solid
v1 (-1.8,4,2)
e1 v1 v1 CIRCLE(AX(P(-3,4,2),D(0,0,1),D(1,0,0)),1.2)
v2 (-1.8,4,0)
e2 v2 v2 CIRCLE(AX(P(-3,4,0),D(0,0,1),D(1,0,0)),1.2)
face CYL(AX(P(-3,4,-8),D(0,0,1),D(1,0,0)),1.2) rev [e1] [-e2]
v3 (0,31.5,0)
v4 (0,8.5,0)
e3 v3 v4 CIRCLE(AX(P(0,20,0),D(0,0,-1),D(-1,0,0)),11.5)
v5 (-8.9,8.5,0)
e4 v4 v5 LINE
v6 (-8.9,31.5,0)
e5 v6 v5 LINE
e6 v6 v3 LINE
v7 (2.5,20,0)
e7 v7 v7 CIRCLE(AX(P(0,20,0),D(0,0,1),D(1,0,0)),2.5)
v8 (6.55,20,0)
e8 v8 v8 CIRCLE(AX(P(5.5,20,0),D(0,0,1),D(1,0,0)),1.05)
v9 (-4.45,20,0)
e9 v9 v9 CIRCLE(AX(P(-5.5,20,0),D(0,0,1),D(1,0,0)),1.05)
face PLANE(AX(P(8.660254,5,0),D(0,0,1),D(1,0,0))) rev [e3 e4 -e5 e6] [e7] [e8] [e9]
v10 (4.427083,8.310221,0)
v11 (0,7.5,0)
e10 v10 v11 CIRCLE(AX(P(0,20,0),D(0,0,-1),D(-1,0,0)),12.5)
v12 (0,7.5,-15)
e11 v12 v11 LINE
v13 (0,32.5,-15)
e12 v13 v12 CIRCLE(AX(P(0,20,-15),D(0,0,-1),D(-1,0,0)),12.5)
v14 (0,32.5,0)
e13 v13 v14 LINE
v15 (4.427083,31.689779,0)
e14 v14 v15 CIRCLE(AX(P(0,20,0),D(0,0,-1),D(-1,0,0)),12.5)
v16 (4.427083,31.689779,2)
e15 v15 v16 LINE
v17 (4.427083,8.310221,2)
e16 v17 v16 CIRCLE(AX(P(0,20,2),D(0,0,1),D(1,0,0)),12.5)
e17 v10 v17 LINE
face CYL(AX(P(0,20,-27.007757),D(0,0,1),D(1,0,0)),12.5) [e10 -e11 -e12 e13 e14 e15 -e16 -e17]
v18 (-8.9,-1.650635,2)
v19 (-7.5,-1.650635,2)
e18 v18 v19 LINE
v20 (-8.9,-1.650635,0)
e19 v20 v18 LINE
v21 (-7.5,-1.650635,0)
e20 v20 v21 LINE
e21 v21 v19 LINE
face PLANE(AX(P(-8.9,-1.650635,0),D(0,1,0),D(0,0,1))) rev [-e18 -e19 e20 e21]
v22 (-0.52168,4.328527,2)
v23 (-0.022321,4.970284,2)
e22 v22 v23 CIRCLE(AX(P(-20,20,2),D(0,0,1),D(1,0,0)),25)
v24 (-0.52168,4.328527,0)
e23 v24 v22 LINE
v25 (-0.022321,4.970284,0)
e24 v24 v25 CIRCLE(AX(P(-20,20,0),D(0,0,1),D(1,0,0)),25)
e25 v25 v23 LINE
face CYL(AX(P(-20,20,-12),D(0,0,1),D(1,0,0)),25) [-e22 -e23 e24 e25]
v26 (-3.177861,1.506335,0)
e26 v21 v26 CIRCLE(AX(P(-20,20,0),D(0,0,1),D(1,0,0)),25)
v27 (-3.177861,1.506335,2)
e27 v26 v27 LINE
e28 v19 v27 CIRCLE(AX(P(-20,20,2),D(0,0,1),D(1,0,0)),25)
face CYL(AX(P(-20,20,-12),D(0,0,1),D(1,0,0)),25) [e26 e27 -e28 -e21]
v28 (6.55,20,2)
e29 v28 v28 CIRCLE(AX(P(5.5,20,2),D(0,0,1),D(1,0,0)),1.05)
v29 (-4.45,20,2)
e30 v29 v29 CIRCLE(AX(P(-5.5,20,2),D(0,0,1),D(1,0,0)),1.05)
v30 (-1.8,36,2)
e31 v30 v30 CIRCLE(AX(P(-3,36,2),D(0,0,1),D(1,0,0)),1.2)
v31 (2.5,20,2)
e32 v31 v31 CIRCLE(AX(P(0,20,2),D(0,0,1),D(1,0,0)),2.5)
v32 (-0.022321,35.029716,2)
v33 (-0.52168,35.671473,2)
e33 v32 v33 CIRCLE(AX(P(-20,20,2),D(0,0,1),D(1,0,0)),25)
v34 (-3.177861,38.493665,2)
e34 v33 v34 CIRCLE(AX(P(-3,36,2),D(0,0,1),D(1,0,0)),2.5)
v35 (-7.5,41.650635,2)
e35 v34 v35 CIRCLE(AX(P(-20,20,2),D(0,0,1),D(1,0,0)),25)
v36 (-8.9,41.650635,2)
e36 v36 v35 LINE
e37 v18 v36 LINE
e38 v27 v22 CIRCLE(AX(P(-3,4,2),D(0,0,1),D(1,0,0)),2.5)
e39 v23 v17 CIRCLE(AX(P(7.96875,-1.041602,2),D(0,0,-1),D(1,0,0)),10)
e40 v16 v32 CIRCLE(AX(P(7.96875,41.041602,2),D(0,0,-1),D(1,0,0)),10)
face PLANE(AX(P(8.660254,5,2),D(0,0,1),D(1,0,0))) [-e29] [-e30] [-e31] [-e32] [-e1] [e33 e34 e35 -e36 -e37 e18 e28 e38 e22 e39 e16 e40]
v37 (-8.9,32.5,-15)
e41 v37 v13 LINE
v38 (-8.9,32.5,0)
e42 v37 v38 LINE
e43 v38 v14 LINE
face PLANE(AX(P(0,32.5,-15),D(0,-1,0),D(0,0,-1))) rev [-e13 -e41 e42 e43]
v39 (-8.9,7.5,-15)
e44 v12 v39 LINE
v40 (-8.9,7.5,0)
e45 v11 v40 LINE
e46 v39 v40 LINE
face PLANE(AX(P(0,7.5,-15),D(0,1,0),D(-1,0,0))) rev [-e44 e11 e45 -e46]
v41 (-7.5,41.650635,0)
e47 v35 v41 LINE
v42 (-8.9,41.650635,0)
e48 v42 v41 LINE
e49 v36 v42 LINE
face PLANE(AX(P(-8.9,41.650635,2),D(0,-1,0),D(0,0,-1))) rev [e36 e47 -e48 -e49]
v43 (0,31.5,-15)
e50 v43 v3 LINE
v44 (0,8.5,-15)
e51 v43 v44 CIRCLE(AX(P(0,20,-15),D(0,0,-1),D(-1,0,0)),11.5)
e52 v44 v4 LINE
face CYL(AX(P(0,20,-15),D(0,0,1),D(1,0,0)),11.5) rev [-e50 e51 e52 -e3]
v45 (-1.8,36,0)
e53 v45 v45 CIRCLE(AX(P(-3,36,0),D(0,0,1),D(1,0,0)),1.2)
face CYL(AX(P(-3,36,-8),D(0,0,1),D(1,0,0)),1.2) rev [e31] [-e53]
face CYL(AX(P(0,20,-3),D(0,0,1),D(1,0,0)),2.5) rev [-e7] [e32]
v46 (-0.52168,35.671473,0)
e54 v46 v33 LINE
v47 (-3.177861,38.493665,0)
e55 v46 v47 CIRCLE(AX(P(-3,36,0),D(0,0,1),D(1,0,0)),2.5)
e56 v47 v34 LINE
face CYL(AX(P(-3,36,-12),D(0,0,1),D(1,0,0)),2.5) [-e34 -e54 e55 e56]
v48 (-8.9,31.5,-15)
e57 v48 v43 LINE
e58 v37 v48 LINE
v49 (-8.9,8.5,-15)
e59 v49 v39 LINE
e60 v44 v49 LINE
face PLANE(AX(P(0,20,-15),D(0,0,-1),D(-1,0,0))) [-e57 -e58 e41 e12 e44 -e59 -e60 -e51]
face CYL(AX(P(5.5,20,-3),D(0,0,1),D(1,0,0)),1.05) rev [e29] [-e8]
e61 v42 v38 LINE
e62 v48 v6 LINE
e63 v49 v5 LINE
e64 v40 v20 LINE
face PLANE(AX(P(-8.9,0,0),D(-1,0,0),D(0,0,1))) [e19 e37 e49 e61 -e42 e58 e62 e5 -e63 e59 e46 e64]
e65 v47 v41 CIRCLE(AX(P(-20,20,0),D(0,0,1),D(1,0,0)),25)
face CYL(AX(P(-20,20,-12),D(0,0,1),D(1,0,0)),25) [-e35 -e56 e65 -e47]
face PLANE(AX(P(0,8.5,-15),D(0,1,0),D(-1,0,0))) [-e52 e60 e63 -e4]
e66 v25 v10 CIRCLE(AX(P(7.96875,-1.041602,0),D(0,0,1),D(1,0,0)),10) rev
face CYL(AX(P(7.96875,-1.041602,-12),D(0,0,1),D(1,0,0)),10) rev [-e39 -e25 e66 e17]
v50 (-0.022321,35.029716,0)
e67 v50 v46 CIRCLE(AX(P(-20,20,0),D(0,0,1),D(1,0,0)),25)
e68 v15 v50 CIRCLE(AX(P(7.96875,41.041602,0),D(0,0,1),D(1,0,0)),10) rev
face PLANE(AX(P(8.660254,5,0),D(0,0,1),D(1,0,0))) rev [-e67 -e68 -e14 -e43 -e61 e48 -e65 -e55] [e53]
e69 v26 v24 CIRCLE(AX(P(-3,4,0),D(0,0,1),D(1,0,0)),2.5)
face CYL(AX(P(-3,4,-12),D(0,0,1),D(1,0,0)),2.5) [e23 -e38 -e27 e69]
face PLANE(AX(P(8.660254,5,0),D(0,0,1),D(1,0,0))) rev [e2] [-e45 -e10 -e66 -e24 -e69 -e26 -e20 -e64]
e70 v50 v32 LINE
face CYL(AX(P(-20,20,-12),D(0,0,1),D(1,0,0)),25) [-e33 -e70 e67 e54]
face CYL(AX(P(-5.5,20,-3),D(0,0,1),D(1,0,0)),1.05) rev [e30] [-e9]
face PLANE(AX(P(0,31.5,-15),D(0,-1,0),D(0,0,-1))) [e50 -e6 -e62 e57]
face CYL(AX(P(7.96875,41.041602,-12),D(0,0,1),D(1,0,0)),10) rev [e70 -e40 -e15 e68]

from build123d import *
from build123d.topology import SkipClean

# Parameters (mm, degrees)
EXTRUDE_1_DEPTH     = 2
SKETCH_2_R          = 2.5
SKETCH_2_R_2        = 1.05
CUT_EXTRUDE_1_DEPTH = 5
SKETCH_4_R          = 1.1
CUT_EXTRUDE_2_DEPTH = 2
EXTRUDE_START       = -2
EXTRUDE_2_DEPTH     = 2
SKETCH_6_OUTSIDE_W  = 57.136
SKETCH_6_OUTSIDE_H  = 39.994
SKETCH_6_OUTSIDE_R  = 12.5
CUT_EXTRUDE_3_DEPTH = 10
EXTRUDE_3_DEPTH     = 2
SKETCH_8_R          = 1.2
CUT_EXTRUDE_4_DEPTH = 10
SKETCH_9_OUTSIDE_W  = 38.188
SKETCH_9_OUTSIDE_H  = 63.188
CUT_EXTRUDE_5_DEPTH = 14
CUT_EXTRUDE_6_DEPTH = 10
SKETCH_11_W         = 2
SKETCH_11_H         = 43.30127019
EXTRUDE_4_DEPTH     = 1.4
EXTRUDE_1_2_DEPTH   = 15


with BuildPart() as part:
    # 草图1 → Extrude 1 (new body)
    with BuildSketch(Plane.XY):
        with BuildLine():
            ThreePointArc((21.650635095, 12.5), (0, 25), (-21.650635095, 12.5))
            ThreePointArc((-21.650635095, 12.5), (-19.820508076, 5.669872981), (-12.990381057, 7.5))
            ThreePointArc((-12.990381057, 7.5), (0, 15), (12.990381057, 7.5))
            ThreePointArc((12.990381057, 7.5), (19.820508076, 5.669872981), (21.650635095, 12.5))
        make_face()
    extrude(amount=EXTRUDE_1_DEPTH)

    # 草图2 → 切除-拉伸1 (cut)
    with BuildSketch(Plane.XY.offset(2)):
        with Locations((0, 20)):
            Circle(SKETCH_2_R)
        with Locations((-5.5, 20)):
            Circle(SKETCH_2_R_2)
        with Locations((5.5, 20)):
            Circle(SKETCH_2_R_2)
    extrude(amount=-CUT_EXTRUDE_1_DEPTH, mode=Mode.SUBTRACT)

    # 草图4 → 切除-拉伸2 (cut)
    with BuildSketch(Plane.XY.offset(2)):
        with Locations((-17.320508076, 10)):
            Circle(SKETCH_4_R)
        with Locations((17.320508076, 10)):
            Circle(SKETCH_4_R)
    extrude(amount=-CUT_EXTRUDE_2_DEPTH, mode=Mode.SUBTRACT)

    # 草图5 → 凸台-拉伸2 (add)
    with BuildSketch(Plane.XY.offset(2).offset(EXTRUDE_START)):
        with BuildLine():
            ThreePointArc((-9.363273917, 11.71875), (0, 7.5), (9.363273917, 11.71875))
            ThreePointArc((9.363273917, 11.71875), (0, 15), (-9.363273917, 11.71875))
        make_face()
        with BuildLine():
            ThreePointArc((12.381272085, 21.71875), (0, 25), (-12.381272085, 21.71875))
            ThreePointArc((-12.381272085, 21.71875), (0, 32.5), (12.381272085, 21.71875))
        make_face()
    extrude(amount=EXTRUDE_2_DEPTH)

    # 草图6 outside → 切除-拉伸3 (cut)
    with SkipClean():  # the faces are left unmerged after this step: merging them gives an invalid solid
        with BuildSketch(Plane.XY.offset(2)):
            with Locations((0, 18.75)):
                Rectangle(SKETCH_6_OUTSIDE_W, SKETCH_6_OUTSIDE_H)
            with Locations((0, 20)):
                Circle(SKETCH_6_OUTSIDE_R, mode=Mode.SUBTRACT)
        extrude(amount=-CUT_EXTRUDE_3_DEPTH, mode=Mode.SUBTRACT)

    # 草图7 → 凸台-拉伸3 (add)
    with SkipClean():  # the faces are left unmerged after this step: merging them gives an invalid solid
        with BuildSketch(Plane.XY.offset(2)):
            with BuildLine():
                Line((-7.5, 10), (-7.5, -5))
                Line((-7.5, -5), (7.5, -5))
                Line((7.5, -5), (7.5, 10))
                ThreePointArc((7.5, 10), (0, 7.5), (-7.5, 10))
            make_face()
            with BuildLine():
                Line((-7.5, 45), (7.5, 45))
                Line((7.5, 45), (7.5, 30))
                ThreePointArc((7.5, 30), (0, 32.5), (-7.5, 30))
                Line((-7.5, 30), (-7.5, 45))
            make_face()
        extrude(amount=-EXTRUDE_3_DEPTH)

    # 草图8 → 切除-拉伸4 (cut)
    with SkipClean():  # the faces are left unmerged after this step: merging them gives an invalid solid
        with BuildSketch(Plane.XY.offset(2)):
            with Locations((-3, 4)):
                Circle(SKETCH_8_R)
            with Locations((-3, 36)):
                Circle(SKETCH_8_R)
        extrude(amount=-CUT_EXTRUDE_4_DEPTH, mode=Mode.SUBTRACT)

    # 草图9 outside → 切除-拉伸5 (cut)
    with SkipClean():  # the faces are left unmerged after this step: merging them gives an invalid solid
        with BuildSketch(Plane.XY.offset(2)):
            with Locations((0, 20)):
                Rectangle(SKETCH_9_OUTSIDE_W, SKETCH_9_OUTSIDE_H)
            with BuildLine():
                ThreePointArc((4.427083333, 8.310220996), (12.5, 20), (4.427083333, 31.689779004))
                ThreePointArc((4.427083333, 31.689779004), (1.965433704, 33.044090503), (-0.022321429, 35.029715862))
                ThreePointArc((-0.022321429, 35.029715862), (-0.269391354, 35.352624611), (-0.52168006, 35.671472564))
                ThreePointArc((-0.52168006, 35.671472564), (-1.179500018, 37.713411748), (-3.177861224, 38.493665051))
                ThreePointArc((-3.177861224, 38.493665051), (-45, 20), (-3.177861224, 1.506334949))
                ThreePointArc((-3.177861224, 1.506334949), (-1.179500018, 2.286588252), (-0.52168006, 4.328527436))
                ThreePointArc((-0.52168006, 4.328527436), (-0.269391354, 4.647375389), (-0.022321429, 4.970284138))
                ThreePointArc((-0.022321429, 4.970284138), (1.965433704, 6.955909497), (4.427083333, 8.310220996))
            make_face(mode=Mode.SUBTRACT)
        extrude(amount=-CUT_EXTRUDE_5_DEPTH, mode=Mode.SUBTRACT)

    # 草图10 → 切除-拉伸6 (cut)
    with SkipClean():  # the faces are left unmerged after this step: merging them gives an invalid solid
        with BuildSketch(Plane(origin=(0, 0, 0), x_dir=(-1, 0, 0), z_dir=(0, 0, -1))):
            Polygon((7.5, 35.825317547), (7.5, 4.174682453), (36.824100737, 12.604038964), align=None)
        extrude(amount=-CUT_EXTRUDE_6_DEPTH, mode=Mode.SUBTRACT)

    # 草图11 → 凸台-拉伸4 (add)
    with SkipClean():  # the faces are left unmerged after this step: merging them gives an invalid solid
        with BuildSketch(Plane.ZY.offset(7.5)):
            with Locations((1, 20)):
                Rectangle(SKETCH_11_W, SKETCH_11_H)
        extrude(amount=EXTRUDE_4_DEPTH)

    # 草图12 → Extrude 1 2 (add)
    with SkipClean():  # the faces are left unmerged after this step: merging them gives an invalid solid
        with BuildSketch(Plane(origin=(0, 0, 0), x_dir=(-1, 0, 0), z_dir=(0, 0, -1))):
            with BuildLine():
                Line((8.9, 7.5), (0, 7.5))
                ThreePointArc((0, 7.5), (-12.5, 20), (0, 32.5))
                Line((0, 32.5), (8.9, 32.5))
                Line((8.9, 32.5), (8.9, 31.5))
                Line((8.9, 31.5), (0, 31.5))
                ThreePointArc((0, 31.5), (-11.5, 20), (0, 8.5))
                Line((0, 8.5), (8.9, 8.5))
                Line((8.9, 8.5), (8.9, 7.5))
            make_face()
        extrude(amount=EXTRUDE_1_2_DEPTH)


solid = part.part
